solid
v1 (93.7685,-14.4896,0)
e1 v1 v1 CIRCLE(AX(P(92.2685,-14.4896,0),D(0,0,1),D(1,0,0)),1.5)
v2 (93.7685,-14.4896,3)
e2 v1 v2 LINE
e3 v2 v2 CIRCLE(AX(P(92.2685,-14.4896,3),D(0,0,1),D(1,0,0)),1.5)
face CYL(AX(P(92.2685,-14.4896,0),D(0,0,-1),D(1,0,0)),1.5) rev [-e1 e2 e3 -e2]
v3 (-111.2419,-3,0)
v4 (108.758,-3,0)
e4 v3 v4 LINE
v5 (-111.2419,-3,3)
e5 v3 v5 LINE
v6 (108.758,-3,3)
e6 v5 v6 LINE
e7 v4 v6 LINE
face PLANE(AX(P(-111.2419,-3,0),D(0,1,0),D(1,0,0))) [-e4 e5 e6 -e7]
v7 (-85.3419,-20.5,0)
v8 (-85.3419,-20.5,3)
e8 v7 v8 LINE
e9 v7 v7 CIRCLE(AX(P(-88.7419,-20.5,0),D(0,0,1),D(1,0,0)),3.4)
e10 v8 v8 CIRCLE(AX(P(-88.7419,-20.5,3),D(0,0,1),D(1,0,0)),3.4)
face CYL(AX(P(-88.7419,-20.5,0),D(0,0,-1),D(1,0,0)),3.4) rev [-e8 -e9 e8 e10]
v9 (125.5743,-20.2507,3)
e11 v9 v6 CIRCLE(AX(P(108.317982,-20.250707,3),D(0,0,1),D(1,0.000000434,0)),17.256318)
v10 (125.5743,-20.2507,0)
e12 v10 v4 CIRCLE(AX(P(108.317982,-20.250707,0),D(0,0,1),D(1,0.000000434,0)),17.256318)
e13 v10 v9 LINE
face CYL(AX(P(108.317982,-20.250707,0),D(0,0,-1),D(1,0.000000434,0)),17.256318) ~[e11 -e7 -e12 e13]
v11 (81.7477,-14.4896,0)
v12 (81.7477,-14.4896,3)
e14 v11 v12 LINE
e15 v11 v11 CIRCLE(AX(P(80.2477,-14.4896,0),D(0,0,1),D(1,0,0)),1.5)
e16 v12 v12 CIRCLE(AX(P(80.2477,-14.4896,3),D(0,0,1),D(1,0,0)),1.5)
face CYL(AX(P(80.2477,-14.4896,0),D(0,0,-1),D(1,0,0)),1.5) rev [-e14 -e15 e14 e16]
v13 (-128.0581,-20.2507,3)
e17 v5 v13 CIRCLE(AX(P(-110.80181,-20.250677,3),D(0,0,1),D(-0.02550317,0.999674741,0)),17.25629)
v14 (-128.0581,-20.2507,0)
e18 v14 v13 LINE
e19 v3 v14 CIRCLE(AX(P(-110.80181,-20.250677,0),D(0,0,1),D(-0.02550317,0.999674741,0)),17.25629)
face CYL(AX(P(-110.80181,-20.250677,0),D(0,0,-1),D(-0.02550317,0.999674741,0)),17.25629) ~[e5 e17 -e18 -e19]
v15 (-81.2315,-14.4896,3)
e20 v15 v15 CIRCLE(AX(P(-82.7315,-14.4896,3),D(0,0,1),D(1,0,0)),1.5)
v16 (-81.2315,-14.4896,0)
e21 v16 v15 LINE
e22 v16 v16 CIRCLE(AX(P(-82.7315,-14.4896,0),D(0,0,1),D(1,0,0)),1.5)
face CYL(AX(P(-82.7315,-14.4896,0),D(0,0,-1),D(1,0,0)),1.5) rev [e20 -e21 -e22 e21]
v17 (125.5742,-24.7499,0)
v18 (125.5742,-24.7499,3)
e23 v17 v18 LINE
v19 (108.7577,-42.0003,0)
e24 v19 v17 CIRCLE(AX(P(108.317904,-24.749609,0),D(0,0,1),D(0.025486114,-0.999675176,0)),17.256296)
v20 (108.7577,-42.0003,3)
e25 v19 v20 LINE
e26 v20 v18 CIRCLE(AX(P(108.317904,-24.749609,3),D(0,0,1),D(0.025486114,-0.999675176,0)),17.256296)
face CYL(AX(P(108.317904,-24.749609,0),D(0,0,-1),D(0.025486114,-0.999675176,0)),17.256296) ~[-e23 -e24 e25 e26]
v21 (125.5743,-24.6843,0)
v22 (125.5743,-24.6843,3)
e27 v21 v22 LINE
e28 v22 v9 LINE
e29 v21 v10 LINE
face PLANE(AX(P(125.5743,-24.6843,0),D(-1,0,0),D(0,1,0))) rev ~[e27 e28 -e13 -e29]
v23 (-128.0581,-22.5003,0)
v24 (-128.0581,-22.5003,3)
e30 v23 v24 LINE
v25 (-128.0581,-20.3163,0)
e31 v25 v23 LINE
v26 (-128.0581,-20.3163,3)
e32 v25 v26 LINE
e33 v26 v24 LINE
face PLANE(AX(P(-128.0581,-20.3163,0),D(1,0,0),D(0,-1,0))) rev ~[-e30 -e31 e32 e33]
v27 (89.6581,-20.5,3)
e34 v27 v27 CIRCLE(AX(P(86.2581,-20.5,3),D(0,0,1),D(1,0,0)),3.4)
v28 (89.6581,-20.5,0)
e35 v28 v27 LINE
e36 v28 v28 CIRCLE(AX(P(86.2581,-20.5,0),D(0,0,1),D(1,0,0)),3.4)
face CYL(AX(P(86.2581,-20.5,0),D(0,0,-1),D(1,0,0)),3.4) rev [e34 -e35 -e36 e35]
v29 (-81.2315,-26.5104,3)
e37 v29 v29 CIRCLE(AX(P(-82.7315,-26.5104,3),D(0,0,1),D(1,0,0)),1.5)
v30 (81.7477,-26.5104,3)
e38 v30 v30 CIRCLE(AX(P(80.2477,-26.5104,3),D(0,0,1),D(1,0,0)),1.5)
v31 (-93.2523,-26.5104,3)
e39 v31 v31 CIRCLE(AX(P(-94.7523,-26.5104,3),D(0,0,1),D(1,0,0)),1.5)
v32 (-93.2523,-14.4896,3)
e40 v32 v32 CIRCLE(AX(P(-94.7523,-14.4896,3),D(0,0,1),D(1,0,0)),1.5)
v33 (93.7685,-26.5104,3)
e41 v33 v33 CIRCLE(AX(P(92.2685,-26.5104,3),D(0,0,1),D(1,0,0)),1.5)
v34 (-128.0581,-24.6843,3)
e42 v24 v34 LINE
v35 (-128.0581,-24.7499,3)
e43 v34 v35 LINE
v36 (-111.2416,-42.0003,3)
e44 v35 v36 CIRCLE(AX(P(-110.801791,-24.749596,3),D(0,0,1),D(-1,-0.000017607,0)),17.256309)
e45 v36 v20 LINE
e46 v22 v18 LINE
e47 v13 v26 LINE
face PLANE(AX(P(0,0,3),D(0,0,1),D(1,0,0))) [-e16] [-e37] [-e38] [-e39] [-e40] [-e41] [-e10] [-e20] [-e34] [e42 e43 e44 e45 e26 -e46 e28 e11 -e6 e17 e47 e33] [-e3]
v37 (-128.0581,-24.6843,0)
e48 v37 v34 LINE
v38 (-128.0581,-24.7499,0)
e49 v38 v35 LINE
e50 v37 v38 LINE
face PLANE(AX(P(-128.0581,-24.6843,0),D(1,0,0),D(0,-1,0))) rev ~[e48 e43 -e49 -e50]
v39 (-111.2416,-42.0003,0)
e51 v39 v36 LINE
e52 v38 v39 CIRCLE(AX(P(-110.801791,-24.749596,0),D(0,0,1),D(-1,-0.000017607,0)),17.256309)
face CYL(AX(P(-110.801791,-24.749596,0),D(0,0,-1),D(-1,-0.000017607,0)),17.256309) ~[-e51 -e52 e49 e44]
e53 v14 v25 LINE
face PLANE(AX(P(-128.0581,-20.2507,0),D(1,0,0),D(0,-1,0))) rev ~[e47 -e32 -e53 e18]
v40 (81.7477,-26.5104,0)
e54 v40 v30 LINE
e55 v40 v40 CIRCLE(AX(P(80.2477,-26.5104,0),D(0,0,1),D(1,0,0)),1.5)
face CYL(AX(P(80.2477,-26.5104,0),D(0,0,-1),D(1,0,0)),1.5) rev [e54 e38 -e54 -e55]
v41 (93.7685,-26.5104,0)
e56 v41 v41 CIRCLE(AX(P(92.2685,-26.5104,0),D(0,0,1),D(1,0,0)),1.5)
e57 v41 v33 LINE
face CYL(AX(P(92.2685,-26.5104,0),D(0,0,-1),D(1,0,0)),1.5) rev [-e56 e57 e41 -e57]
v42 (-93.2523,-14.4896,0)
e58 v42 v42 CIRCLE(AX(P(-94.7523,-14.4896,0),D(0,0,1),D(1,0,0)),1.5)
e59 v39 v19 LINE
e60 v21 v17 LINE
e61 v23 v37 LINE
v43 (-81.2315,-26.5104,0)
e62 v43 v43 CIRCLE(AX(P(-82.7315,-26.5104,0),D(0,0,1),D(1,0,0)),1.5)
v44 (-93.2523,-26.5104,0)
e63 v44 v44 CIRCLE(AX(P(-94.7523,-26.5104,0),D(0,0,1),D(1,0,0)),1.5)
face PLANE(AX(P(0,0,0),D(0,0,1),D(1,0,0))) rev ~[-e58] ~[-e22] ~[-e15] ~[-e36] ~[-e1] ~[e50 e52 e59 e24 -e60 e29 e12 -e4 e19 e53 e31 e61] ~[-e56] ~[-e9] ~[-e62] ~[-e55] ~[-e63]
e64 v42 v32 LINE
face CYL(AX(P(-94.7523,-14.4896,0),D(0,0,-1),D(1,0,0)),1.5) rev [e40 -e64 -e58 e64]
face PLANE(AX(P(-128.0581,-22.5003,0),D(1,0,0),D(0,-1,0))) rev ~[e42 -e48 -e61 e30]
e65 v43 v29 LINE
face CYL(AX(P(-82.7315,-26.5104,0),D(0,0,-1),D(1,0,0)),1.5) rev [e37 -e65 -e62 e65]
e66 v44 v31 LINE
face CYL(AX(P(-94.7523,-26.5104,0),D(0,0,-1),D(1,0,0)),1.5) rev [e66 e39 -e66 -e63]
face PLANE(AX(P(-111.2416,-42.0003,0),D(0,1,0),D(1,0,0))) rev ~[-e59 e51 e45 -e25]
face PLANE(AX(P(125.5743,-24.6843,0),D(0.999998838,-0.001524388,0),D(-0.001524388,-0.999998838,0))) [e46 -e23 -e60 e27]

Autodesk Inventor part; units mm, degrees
ref_plane "YZ Plane" through (0, 0, 0) normal (1, 0, 0) x (0, 1, 0)
ref_plane "XZ Plane" through (0, 0, 0) normal (0, 1, 0) x (-1, 0, 0)
ref_plane "XY Plane" through (0, 0, 0) normal (0, 0, 1) x (1, 0, 0)
sketch "Эскиз4" plane through (0, 0, 0) normal (0, 0, 1) x (1, 0, 0)
  arc A0 (-128.0581, -24.7499) -> (-111.2416, -42.0003) centre (-110.8018, -24.7496) ccw
  arc A1 (-111.2419, -3) -> (-128.0581, -20.2507) centre (-110.8018, -20.2507) ccw
  line L0 (-128.0581, -22.5003) -> (-128.0581, -24.6843)
  line L1 (-128.0581, -20.3163) -> (-128.0581, -22.5003)
  arc A2 (108.7577, -42.0003) -> (125.5742, -24.7499) centre (108.3179, -24.7496) ccw
  line L2 (125.5743, -24.6843) -> (125.5743, -20.2507)
  arc A3 (125.5743, -20.2507) -> (108.758, -3) centre (108.318, -20.2507) ccw
  line L3 (-111.2419, -3) -> (108.7581, -3)
  line L4 (-111.2416, -42.0003) -> (108.7577, -42.0003)
  circle A4 centre (-88.7419, -20.5) radius 3.4
  circle A5 centre (-94.7523, -26.5104) radius 1.5
  circle A6 centre (-82.7315, -14.4896) radius 1.5
  circle A7 centre (-94.7523, -14.4896) radius 1.5
  circle A8 centre (-82.7315, -26.5104) radius 1.5
  circle A9 centre (86.2581, -20.5) radius 3.4
  circle A10 centre (80.2477, -26.5104) radius 1.5
  circle A11 centre (92.2685, -26.5104) radius 1.5
  circle A12 centre (92.2685, -14.4896) radius 1.5
  circle A13 centre (80.2477, -14.4896) radius 1.5
  line L5 (-128.0581, -24.6843) -> (-128.0581, -24.7499)
  line L6 (-128.0581, -20.2507) -> (-128.0581, -20.3163)
  line L7 (125.5743, -24.6843) -> (125.5742, -24.7499)
  point P0 (0, 0)
extrude "Выдавливание4" add sketch "Эскиз4" along normal blind 3
properties part number "боковая стенка"
